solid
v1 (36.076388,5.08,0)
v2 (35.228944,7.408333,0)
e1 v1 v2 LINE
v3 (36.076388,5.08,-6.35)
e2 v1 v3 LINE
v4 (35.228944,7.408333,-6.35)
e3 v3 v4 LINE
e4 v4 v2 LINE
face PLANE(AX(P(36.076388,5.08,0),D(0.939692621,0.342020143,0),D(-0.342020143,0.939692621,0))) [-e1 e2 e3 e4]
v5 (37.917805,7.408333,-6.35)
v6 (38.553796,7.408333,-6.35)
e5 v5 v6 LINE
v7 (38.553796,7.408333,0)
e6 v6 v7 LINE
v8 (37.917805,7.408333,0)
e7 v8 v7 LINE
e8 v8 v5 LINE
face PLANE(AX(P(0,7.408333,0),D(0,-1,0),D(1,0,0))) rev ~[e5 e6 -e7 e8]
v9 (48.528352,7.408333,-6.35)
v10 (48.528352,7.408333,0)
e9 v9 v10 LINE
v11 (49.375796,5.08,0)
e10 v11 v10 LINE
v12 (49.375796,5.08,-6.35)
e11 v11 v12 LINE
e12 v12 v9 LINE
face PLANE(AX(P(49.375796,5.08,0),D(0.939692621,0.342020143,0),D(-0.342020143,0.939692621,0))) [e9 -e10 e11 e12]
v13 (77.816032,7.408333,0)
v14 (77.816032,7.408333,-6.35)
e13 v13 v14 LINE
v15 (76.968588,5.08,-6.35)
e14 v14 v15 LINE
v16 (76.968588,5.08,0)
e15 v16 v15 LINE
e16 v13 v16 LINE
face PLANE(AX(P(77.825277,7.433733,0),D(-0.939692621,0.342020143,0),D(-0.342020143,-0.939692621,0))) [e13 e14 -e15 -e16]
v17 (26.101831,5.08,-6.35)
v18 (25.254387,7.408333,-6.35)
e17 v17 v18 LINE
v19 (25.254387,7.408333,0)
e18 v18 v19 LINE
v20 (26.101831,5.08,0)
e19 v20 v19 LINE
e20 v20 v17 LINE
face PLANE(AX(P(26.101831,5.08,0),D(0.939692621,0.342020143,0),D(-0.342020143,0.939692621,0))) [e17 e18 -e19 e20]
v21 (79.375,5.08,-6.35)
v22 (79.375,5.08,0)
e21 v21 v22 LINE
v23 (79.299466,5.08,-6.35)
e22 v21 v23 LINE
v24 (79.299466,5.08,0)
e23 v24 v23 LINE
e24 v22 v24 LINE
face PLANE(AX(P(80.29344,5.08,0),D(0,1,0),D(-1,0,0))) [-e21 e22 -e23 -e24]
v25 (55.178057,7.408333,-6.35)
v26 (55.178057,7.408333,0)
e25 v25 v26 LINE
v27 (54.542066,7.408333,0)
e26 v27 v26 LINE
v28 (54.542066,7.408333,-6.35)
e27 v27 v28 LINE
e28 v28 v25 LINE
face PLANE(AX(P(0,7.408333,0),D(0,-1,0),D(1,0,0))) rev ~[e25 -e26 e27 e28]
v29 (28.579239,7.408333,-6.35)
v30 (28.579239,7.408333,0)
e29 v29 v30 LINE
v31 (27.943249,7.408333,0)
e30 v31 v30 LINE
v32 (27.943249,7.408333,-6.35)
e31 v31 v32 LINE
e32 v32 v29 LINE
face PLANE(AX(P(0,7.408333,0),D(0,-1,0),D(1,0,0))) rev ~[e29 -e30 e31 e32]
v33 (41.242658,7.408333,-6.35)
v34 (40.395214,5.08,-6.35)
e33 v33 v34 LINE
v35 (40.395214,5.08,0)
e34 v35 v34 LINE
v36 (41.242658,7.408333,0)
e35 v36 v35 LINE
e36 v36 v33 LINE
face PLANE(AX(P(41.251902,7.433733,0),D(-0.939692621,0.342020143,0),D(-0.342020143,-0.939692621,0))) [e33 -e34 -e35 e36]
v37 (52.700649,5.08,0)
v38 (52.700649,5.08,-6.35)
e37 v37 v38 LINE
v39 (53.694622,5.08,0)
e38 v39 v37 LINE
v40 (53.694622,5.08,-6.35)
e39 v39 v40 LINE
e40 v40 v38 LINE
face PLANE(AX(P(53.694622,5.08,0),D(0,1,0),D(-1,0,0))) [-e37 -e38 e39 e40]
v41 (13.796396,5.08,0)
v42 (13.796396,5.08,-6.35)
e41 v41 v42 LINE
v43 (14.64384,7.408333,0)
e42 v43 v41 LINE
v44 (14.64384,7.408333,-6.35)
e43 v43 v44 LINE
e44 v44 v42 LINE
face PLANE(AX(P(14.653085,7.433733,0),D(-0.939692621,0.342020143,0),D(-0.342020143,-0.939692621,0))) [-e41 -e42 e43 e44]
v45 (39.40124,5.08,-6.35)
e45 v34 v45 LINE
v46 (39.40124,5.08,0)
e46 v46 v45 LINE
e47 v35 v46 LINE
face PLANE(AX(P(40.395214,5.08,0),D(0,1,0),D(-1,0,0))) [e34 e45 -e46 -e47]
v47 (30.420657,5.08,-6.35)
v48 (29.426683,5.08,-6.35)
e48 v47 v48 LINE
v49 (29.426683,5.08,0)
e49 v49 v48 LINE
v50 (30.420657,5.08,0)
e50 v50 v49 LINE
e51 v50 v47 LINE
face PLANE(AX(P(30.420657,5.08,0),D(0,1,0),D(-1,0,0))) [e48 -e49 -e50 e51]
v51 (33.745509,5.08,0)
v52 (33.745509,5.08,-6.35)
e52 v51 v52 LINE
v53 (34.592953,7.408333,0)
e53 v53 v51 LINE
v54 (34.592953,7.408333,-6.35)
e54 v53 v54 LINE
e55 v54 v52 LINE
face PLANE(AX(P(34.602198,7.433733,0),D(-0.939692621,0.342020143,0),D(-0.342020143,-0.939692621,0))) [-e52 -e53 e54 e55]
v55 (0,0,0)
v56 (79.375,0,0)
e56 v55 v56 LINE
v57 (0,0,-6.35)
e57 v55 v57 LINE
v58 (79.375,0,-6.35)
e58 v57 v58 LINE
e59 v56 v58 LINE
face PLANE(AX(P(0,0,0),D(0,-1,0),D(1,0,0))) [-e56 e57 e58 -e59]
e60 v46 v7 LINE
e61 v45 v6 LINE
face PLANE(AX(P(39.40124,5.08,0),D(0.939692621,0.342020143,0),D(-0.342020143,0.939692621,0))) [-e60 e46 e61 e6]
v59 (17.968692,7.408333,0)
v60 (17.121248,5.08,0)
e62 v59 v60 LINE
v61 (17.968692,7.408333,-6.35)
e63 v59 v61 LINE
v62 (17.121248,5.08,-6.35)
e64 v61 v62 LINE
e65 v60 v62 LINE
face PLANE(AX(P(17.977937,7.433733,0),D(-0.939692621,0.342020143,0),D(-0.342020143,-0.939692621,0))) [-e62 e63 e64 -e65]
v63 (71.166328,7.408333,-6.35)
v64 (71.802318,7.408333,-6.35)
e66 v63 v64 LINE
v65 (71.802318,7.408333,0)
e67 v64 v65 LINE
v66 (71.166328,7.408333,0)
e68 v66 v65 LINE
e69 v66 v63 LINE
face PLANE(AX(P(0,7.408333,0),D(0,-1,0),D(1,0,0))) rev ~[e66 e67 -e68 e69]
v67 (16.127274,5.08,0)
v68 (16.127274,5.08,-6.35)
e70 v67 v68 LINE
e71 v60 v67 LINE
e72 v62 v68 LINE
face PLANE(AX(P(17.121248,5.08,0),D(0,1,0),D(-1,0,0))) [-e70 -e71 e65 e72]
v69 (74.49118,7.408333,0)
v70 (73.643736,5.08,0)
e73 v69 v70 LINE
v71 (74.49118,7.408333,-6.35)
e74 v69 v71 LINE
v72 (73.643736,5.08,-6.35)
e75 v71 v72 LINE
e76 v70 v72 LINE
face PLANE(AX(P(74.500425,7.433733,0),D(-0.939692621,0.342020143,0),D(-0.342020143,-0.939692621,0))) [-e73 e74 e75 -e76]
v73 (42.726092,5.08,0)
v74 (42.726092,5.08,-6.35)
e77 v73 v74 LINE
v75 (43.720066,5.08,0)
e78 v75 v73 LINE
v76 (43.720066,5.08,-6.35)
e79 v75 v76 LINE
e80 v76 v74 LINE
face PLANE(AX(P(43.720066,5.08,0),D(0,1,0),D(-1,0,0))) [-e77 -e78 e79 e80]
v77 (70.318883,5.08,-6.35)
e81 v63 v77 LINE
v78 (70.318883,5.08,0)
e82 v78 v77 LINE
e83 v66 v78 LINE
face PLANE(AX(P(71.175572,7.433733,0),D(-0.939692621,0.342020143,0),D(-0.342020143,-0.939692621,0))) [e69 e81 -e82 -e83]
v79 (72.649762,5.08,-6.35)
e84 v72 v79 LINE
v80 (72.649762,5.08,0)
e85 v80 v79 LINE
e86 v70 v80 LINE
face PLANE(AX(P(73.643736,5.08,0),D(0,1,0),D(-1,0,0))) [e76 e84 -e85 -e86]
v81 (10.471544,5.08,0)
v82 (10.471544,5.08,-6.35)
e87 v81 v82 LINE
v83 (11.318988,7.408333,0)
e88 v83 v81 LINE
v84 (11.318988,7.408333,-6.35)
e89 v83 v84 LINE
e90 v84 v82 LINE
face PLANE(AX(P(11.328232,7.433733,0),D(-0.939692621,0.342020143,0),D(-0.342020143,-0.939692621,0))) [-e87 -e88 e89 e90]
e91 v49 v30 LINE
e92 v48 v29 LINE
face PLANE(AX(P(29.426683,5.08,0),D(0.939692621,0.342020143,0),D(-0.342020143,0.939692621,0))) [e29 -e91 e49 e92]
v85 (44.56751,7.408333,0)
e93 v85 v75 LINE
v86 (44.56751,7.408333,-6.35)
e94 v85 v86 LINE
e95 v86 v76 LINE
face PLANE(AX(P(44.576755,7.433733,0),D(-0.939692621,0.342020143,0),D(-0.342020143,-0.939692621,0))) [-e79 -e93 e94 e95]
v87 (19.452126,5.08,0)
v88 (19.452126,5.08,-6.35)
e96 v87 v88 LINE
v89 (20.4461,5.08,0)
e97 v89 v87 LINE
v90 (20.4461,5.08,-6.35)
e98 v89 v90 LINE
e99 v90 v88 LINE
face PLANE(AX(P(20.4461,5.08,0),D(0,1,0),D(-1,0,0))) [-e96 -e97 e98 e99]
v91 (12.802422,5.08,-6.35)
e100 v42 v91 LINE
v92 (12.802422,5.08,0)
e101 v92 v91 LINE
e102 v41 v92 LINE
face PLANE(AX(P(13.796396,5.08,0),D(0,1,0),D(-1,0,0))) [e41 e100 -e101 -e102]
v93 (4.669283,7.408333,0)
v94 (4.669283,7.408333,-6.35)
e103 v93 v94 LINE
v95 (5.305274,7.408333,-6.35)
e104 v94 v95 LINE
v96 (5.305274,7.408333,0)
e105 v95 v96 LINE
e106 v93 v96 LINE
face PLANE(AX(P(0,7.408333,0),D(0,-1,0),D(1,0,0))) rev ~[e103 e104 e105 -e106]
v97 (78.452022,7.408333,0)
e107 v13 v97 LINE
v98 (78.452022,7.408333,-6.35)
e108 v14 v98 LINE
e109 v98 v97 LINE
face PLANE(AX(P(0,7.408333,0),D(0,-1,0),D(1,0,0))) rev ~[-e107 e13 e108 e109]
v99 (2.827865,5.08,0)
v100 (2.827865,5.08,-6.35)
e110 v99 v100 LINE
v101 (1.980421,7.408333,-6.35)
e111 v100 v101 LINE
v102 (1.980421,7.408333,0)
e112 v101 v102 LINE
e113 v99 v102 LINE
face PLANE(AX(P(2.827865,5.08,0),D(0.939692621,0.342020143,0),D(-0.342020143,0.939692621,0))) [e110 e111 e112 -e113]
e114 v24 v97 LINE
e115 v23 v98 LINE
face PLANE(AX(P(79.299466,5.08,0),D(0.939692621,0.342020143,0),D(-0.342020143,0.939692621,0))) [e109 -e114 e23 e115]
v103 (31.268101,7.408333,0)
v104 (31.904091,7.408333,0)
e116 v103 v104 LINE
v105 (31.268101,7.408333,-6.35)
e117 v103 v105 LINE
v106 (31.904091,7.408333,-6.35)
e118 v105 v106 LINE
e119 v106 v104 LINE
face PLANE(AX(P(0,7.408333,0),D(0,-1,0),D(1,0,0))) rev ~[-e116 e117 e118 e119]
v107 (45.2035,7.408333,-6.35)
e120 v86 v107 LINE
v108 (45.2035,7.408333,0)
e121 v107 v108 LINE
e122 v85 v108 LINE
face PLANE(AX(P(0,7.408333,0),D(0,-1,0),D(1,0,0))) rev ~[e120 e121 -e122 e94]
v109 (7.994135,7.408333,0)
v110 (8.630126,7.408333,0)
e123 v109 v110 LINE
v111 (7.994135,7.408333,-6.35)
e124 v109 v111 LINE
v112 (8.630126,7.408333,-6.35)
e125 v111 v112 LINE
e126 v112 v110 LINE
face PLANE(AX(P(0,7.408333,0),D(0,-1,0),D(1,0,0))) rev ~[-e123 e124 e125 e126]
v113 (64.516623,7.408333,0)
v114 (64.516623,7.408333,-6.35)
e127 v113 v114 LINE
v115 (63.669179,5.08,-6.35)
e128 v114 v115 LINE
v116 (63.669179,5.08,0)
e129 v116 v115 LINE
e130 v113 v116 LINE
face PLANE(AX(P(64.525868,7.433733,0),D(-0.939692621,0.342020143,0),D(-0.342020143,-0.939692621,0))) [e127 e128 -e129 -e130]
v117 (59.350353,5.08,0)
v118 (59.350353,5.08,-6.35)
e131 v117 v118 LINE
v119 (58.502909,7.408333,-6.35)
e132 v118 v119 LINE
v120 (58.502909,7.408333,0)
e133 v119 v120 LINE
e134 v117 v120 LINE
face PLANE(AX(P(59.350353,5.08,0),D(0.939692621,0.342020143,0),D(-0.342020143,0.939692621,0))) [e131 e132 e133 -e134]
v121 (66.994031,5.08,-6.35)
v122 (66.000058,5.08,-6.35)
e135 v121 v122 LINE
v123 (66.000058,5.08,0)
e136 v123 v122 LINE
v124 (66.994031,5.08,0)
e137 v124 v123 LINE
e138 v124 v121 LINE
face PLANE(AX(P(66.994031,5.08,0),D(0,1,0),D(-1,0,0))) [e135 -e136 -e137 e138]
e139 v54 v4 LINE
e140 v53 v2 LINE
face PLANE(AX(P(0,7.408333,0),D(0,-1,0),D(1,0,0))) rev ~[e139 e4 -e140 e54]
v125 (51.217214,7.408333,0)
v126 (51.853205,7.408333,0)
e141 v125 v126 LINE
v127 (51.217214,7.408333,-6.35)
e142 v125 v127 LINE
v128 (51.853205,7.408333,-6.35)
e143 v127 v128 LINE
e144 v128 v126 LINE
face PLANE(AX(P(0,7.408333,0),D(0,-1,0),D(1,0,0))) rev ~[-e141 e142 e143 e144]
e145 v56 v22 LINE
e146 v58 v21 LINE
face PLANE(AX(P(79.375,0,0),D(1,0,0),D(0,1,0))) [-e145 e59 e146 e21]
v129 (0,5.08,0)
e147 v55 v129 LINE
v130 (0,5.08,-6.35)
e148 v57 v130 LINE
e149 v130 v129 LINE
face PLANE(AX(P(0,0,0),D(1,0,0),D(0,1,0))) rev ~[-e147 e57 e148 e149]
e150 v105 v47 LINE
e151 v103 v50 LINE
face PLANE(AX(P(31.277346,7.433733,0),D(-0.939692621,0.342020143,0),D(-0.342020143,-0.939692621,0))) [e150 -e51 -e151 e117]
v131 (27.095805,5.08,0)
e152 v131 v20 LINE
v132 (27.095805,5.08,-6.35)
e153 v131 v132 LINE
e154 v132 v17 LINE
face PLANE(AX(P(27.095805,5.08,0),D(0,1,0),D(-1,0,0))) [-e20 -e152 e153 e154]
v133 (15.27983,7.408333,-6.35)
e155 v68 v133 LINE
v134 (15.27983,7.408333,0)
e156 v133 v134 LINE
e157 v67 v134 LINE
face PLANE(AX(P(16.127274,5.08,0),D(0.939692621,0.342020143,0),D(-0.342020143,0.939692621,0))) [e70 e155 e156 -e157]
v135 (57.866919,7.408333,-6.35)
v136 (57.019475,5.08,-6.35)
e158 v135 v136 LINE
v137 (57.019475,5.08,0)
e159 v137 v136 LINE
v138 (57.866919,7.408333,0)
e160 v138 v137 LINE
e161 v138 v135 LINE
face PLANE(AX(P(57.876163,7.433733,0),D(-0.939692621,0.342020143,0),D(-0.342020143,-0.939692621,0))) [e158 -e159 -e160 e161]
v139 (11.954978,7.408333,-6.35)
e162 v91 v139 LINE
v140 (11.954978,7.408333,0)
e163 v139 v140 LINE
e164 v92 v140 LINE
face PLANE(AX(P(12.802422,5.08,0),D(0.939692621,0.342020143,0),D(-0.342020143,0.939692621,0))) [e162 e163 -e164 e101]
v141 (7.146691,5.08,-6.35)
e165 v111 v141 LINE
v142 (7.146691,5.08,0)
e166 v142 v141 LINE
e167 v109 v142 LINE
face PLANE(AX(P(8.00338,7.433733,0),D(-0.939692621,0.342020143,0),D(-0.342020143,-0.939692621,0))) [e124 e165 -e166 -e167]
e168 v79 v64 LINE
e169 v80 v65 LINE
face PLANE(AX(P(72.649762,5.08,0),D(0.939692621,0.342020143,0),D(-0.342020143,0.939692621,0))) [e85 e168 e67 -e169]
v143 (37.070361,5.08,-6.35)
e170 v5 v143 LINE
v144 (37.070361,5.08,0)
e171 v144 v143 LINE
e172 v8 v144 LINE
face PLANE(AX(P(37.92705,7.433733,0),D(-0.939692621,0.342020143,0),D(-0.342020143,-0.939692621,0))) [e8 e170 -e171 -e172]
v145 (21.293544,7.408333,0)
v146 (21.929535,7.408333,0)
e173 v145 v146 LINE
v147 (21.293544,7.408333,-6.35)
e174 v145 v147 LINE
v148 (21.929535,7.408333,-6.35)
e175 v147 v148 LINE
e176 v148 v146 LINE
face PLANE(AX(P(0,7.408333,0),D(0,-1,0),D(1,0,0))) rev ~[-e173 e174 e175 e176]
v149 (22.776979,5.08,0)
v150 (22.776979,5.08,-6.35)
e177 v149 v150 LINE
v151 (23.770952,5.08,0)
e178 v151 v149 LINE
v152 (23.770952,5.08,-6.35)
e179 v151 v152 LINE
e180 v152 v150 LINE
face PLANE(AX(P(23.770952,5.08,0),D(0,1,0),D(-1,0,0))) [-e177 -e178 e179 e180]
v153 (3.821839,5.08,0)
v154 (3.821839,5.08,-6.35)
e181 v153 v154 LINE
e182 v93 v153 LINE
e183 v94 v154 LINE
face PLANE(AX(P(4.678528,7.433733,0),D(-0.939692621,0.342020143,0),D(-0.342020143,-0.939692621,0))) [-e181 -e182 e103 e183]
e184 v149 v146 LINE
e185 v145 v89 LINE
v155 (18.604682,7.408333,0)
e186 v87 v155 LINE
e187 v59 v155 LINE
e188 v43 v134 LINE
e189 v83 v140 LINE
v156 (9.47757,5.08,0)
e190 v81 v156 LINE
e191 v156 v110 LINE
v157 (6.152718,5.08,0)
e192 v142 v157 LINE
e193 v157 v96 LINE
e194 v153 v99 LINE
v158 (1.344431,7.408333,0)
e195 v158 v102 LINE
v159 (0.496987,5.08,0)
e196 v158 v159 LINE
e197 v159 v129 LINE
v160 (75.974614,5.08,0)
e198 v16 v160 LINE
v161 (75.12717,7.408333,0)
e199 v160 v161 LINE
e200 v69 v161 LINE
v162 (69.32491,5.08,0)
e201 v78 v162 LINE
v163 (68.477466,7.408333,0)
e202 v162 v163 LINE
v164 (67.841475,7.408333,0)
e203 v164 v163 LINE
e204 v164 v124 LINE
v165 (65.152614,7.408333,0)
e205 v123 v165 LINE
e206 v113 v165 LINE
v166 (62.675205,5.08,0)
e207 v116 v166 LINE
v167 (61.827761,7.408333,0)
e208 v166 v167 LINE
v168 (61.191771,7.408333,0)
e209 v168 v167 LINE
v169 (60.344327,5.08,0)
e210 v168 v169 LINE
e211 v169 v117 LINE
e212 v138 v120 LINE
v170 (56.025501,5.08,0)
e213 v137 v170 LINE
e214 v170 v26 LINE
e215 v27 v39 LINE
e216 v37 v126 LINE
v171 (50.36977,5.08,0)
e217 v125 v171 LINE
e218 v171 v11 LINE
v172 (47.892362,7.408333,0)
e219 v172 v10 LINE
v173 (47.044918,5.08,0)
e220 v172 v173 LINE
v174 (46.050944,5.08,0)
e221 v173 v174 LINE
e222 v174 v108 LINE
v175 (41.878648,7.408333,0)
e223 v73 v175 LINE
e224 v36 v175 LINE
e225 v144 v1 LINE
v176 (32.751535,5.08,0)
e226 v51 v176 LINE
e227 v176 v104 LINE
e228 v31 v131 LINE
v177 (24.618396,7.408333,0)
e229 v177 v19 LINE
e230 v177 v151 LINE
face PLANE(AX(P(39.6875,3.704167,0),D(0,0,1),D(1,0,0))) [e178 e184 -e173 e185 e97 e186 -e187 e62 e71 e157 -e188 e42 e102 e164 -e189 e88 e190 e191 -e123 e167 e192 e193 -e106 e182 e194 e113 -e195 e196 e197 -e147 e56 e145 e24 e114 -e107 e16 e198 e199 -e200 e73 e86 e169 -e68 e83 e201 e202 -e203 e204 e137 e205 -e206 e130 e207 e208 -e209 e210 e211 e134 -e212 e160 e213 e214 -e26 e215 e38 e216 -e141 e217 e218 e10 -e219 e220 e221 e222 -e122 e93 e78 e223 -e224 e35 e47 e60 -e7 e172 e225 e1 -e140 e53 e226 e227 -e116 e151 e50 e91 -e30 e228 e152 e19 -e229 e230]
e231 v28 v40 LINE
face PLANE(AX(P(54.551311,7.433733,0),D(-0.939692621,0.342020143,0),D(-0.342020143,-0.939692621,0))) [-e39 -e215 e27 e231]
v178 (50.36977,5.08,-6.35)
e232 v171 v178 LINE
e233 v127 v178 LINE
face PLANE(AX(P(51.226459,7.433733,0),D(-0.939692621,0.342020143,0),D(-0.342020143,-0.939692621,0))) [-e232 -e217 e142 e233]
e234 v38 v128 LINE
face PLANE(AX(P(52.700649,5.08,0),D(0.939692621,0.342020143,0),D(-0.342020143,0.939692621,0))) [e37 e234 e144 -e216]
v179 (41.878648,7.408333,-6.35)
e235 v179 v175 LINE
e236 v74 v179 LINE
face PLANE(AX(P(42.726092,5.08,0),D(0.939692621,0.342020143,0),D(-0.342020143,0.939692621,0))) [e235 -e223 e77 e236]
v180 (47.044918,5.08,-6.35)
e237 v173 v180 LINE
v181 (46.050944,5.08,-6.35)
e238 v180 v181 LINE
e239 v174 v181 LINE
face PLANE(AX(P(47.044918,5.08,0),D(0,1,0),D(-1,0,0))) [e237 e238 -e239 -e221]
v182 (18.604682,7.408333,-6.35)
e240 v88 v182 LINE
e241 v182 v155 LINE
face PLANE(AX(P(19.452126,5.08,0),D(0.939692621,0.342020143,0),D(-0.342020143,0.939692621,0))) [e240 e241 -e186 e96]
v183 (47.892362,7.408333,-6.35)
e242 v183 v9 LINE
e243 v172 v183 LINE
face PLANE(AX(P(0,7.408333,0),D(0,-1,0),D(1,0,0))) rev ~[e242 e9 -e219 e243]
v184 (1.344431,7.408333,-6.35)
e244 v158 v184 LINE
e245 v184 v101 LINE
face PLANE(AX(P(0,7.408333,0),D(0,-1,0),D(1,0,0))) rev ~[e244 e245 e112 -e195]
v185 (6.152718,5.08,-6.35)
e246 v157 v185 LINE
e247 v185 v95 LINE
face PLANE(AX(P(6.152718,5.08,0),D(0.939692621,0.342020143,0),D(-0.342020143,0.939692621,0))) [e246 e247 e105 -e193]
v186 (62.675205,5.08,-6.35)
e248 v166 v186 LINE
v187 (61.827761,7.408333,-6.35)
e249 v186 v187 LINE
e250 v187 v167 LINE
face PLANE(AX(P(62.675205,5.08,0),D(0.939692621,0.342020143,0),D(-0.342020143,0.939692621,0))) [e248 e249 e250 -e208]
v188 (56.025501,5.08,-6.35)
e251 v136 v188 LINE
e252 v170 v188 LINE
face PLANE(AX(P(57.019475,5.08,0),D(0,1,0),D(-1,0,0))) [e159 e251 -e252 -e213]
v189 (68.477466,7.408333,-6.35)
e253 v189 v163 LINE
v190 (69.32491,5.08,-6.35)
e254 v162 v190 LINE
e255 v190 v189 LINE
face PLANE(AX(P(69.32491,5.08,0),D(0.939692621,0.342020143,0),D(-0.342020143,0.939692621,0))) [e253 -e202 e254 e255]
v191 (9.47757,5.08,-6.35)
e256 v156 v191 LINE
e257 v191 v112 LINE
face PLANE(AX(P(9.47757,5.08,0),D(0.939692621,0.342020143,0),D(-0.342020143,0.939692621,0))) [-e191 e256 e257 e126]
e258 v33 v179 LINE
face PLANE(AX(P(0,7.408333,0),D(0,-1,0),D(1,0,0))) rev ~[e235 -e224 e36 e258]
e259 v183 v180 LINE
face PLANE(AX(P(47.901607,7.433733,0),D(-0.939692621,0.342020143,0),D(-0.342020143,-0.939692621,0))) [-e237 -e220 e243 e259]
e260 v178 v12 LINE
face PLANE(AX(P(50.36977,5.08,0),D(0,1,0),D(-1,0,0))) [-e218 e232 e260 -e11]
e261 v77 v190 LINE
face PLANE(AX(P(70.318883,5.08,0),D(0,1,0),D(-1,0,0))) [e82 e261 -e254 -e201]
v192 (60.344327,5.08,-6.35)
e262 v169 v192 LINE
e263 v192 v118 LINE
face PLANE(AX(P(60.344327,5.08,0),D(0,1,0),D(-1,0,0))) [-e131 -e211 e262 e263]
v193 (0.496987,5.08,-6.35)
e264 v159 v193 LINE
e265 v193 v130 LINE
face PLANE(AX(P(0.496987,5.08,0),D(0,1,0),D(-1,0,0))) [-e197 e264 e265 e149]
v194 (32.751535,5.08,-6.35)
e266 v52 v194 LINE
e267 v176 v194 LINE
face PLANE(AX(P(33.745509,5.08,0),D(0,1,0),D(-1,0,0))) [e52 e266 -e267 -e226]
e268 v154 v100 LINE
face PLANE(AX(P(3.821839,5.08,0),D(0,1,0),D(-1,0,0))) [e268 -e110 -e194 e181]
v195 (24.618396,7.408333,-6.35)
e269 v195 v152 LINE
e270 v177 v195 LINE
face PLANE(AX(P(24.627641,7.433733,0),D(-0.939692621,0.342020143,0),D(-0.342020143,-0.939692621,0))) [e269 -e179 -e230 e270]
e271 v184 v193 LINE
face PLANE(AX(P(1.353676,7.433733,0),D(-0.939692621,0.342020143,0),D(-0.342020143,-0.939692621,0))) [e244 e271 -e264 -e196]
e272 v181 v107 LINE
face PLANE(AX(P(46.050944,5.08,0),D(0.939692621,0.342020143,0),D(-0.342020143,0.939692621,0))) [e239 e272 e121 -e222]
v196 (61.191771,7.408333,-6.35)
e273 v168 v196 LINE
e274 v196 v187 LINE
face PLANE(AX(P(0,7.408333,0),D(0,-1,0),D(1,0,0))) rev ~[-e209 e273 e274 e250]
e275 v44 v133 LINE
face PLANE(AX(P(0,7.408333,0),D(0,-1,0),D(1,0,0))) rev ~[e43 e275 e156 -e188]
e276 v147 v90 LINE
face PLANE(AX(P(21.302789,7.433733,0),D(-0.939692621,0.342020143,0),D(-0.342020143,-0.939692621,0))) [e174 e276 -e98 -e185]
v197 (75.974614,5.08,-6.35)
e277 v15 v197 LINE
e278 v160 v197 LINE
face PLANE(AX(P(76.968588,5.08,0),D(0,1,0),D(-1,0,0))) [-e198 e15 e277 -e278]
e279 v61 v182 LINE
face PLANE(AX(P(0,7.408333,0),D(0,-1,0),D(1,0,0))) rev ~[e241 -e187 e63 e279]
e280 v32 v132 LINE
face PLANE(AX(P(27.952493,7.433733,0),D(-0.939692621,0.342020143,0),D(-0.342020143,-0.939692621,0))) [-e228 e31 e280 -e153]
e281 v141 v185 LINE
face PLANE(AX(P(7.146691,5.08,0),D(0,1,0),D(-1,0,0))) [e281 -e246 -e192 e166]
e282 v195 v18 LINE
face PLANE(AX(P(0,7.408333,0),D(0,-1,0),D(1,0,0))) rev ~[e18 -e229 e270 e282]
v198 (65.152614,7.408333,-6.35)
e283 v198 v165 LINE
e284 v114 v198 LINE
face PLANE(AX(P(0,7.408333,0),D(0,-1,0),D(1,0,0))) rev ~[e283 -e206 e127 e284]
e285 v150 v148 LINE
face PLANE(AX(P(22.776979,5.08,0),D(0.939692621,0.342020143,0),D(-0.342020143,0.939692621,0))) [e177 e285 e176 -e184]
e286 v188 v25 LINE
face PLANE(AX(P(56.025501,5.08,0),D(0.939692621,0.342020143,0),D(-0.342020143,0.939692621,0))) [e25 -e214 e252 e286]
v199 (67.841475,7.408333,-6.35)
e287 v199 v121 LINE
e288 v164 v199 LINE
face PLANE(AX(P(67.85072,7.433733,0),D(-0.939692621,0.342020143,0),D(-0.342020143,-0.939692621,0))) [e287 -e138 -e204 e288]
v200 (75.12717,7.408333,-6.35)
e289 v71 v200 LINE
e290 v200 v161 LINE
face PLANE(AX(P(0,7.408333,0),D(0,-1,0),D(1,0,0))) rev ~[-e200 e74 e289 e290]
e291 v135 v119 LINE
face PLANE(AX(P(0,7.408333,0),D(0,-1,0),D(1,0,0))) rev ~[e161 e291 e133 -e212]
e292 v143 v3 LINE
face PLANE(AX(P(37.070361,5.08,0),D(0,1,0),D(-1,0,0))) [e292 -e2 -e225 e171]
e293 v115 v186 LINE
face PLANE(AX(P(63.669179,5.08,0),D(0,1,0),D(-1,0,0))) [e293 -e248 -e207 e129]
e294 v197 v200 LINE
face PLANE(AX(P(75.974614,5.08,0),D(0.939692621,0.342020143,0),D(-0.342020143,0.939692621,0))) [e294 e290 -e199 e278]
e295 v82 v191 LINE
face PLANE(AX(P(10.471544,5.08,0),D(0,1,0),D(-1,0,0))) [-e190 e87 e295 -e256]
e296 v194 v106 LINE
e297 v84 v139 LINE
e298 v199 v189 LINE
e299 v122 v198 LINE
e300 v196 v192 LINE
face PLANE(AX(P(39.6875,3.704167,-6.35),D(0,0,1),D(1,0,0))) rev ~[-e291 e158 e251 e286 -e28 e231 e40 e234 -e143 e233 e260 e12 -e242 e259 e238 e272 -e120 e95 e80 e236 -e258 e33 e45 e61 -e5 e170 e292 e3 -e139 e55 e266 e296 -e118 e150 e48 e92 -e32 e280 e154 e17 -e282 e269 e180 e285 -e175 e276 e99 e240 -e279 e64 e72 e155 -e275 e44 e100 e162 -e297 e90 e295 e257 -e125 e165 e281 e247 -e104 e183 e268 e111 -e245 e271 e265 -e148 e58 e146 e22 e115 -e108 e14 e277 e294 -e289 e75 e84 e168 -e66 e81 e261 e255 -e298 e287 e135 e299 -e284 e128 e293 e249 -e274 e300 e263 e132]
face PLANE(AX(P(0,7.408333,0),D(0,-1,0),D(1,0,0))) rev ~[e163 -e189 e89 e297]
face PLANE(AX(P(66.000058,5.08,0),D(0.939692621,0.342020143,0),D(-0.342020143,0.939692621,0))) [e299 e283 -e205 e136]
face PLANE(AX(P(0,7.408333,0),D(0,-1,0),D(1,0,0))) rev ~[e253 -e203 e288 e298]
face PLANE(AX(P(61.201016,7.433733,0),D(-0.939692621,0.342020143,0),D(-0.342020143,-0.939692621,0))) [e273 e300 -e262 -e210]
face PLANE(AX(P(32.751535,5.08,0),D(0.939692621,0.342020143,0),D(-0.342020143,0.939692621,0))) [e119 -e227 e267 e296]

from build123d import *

# Parameters (mm, degrees)
BLANKSKE_W        = 79.375
BLANKSKE_H        = 7.408333333
BLANK_DEPTH       = 6.35
TOOTHCUTSIM_DEPTH = 80.972473563
TEETHCUTS_COUNT   = 25
TEETHCUTS_PITCH   = 3.324852221


with BuildPart() as part:
    # BlankSke → Blank (new body)
    with BuildSketch(Plane.XY):
        with Locations((39.6875, 3.704166667)):
            Rectangle(BLANKSKE_W, BLANKSKE_H)
    extrude(amount=-BLANK_DEPTH)

    # TooCutSkeSim → ToothCutSim (cut, through all)
    with BuildSketch(Plane.XY):
        Polygon((0.496986858, 5.08), (-0.496986858, 5.08), (-1.353675731, 7.433733333), (1.353675731, 7.433733333), align=None)
    toothcutsim = extrude(amount=-TOOTHCUTSIM_DEPTH, mode=Mode.SUBTRACT)

    # TeethCuts: ToothCutSim ×25
    with Locations(*[(i * TEETHCUTS_PITCH, 0, 0) for i in range(1, TEETHCUTS_COUNT)]):
        add(toothcutsim, mode=Mode.SUBTRACT)


solid = part.part
